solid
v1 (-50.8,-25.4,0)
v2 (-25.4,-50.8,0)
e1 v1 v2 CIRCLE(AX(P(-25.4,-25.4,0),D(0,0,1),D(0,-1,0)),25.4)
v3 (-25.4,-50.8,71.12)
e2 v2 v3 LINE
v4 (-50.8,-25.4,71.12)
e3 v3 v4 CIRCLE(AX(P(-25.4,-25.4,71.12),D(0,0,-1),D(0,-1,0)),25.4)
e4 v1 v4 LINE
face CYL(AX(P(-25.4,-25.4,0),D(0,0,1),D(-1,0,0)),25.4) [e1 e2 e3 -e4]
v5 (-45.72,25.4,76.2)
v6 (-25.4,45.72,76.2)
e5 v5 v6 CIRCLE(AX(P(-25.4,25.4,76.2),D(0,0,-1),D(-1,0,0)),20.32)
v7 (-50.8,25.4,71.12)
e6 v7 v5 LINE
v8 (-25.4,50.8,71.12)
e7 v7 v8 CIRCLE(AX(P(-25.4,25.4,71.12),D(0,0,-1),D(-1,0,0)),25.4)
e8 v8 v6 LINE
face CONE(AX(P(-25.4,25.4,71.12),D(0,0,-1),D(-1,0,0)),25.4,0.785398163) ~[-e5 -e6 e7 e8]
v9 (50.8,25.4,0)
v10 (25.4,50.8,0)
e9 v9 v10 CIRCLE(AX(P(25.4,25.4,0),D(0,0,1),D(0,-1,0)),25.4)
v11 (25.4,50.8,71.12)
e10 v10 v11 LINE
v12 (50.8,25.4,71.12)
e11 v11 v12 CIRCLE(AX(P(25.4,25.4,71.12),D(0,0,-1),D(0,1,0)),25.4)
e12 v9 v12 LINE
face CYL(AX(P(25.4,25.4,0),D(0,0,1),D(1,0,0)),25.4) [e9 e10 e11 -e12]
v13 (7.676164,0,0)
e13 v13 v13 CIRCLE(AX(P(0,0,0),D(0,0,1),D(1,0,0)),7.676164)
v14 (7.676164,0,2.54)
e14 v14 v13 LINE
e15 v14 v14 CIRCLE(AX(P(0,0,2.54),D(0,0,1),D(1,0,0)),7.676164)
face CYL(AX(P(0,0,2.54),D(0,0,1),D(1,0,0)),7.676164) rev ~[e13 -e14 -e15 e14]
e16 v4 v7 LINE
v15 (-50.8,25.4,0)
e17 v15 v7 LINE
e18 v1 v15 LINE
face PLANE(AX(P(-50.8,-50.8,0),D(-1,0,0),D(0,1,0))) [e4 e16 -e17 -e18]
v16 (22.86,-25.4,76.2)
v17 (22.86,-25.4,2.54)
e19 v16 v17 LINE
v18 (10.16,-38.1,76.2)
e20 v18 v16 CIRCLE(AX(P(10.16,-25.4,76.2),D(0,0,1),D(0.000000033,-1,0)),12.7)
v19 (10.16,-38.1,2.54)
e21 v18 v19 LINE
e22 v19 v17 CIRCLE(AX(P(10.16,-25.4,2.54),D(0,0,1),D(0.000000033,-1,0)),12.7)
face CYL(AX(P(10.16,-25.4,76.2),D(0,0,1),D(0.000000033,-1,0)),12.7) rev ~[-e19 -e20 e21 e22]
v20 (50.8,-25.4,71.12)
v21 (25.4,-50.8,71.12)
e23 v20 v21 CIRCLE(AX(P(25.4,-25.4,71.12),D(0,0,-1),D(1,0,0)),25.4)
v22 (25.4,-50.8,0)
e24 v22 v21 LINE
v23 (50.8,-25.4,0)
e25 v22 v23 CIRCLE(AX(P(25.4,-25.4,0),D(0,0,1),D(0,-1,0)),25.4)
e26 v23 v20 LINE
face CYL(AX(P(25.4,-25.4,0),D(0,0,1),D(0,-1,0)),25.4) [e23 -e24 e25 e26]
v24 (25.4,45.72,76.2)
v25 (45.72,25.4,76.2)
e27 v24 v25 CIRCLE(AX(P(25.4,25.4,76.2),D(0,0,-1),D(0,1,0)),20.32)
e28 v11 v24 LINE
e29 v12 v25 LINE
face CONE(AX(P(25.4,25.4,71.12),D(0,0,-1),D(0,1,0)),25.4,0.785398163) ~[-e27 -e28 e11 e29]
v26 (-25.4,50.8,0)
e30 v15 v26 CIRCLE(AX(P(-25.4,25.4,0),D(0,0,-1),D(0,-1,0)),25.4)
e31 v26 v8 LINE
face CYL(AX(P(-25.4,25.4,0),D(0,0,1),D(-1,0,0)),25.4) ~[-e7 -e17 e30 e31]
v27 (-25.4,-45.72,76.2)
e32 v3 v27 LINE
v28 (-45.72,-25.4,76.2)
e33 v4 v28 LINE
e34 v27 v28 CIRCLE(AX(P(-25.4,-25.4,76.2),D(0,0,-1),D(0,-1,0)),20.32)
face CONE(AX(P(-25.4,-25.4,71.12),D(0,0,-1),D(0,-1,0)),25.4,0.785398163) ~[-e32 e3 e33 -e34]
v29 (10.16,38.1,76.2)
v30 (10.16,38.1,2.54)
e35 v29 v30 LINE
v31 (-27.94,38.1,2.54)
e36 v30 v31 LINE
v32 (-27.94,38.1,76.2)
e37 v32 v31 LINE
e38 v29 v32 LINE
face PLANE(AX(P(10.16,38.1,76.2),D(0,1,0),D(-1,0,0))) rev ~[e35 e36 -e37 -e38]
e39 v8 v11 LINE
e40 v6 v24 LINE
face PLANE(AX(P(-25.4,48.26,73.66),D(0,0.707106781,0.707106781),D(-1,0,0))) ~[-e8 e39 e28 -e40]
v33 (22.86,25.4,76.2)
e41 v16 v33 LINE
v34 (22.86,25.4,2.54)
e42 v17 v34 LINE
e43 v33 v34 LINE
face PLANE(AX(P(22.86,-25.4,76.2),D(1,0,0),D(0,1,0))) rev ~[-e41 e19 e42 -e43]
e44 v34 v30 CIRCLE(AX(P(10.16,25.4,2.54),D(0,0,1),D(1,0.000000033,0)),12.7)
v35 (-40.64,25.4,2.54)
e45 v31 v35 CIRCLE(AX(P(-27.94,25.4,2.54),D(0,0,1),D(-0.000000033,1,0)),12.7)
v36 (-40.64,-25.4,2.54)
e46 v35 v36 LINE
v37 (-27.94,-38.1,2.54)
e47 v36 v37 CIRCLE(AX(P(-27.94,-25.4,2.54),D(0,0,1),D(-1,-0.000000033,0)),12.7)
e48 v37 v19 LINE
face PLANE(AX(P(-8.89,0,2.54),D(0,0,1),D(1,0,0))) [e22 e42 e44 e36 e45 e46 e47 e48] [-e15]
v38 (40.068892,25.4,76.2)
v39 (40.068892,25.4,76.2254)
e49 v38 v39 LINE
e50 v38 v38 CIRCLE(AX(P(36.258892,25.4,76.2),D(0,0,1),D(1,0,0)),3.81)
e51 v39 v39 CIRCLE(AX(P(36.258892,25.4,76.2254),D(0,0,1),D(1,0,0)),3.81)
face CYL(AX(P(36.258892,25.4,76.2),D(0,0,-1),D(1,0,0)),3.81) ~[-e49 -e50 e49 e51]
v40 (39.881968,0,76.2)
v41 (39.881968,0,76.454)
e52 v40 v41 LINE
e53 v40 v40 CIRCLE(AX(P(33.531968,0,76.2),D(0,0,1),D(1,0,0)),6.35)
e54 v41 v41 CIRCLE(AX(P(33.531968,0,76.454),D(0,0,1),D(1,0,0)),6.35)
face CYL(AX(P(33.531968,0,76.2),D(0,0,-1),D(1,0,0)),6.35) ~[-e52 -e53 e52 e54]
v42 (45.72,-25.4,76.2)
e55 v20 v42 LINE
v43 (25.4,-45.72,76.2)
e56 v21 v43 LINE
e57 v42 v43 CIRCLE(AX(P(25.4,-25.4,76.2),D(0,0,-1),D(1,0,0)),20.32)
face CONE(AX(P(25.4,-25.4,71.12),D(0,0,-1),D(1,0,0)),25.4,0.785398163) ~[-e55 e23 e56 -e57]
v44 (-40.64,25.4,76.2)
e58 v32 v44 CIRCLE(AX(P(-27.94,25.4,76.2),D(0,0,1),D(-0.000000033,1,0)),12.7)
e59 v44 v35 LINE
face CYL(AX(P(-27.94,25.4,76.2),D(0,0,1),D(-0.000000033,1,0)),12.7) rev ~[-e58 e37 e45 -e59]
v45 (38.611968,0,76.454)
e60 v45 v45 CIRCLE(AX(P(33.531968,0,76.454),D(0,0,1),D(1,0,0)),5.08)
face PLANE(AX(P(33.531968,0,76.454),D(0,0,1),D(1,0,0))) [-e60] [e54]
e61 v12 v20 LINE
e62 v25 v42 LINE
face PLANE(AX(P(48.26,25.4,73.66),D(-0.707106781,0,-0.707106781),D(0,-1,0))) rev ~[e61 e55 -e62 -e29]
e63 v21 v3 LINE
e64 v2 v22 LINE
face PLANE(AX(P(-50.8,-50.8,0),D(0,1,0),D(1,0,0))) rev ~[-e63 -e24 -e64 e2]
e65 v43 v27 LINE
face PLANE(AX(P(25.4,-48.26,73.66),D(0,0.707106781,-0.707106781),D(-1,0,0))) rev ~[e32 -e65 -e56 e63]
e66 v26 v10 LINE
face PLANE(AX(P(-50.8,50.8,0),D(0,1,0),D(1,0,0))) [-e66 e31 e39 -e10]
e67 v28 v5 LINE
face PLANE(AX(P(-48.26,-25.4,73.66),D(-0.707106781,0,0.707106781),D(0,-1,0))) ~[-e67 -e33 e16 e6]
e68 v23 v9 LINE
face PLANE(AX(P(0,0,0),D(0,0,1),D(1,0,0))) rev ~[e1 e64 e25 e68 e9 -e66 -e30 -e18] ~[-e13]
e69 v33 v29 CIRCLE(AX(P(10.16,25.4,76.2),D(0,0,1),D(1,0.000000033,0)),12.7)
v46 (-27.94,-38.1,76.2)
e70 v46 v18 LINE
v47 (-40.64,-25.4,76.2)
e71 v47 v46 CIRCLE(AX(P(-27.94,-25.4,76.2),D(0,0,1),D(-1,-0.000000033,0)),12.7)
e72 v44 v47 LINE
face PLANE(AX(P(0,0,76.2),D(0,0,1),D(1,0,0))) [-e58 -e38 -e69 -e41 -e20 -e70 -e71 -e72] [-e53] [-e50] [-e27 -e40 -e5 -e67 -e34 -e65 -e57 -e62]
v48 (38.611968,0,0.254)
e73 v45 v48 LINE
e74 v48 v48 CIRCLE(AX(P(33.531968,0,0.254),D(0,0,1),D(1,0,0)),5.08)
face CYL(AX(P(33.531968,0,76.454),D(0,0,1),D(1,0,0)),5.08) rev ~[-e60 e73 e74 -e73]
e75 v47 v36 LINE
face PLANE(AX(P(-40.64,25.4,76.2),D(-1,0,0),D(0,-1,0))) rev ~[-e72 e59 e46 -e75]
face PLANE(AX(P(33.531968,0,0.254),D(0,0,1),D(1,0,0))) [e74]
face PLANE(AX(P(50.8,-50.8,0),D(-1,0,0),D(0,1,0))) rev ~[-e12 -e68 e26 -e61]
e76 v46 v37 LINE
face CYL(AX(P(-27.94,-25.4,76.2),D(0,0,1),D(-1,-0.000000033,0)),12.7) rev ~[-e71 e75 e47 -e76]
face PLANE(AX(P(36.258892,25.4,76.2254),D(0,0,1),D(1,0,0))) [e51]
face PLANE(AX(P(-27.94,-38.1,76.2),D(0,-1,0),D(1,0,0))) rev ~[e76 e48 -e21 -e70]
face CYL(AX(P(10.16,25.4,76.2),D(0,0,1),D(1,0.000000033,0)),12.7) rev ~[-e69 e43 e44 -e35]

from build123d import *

# Parameters (mm, degrees)
F0_W      = 101.6
F0_H      = 101.6
F1_DEPTH  = 76.2
F3_R      = 25.4
F4_SIZE   = 5.08
F5_DEPTH  = 73.66
F6_R      = 7.676164
F7_DEPTH  = 25.4
F8_R      = 6.35
F9_DEPTH  = 0.254
F10_R     = 5.08
F11_DEPTH = 76.2
F12_R     = 3.81
F13_DEPTH = 0.0254


with BuildPart() as f1:
    # F0 (on Top) → F1 (new body)
    with BuildSketch(Plane.XY):
        Rectangle(F0_W, F0_H)
    extrude(amount=F1_DEPTH)

    # F3
    f3_edges = [f1.edges().sort_by_distance(p)[0] for p in [
        (-50.8, 50.8, 38.1),
        (50.8, 50.8, 38.1),
        (50.8, -50.8, 38.1),
        (-50.8, -50.8, 38.1),
    ]]
    fillet(f3_edges, radius=F3_R)

    # F4
    f4_edges = [f1.edges().sort_by_distance(p)[0] for p in [
        (-50.8, 0, 76.2),
    ]]
    chamfer(f4_edges, length=F4_SIZE)

    # F2 (on face) → F5 (cut)
    with BuildSketch(Plane.XY.offset(76.2)):
        with BuildLine():
            Line((10.16, 38.1), (-27.94, 38.1))
            ThreePointArc((-27.94, 38.1), (-36.920256, 34.380256), (-40.64, 25.4))
            Line((-40.64, 25.4), (-40.64, -25.4))
            ThreePointArc((-40.64, -25.4), (-36.920256, -34.380256), (-27.94, -38.1))
            Line((-27.94, -38.1), (10.16, -38.1))
            ThreePointArc((10.16, -38.1), (19.140256, -34.380256), (22.86, -25.4))
            Line((22.86, -25.4), (22.86, 25.4))
            ThreePointArc((22.86, 25.4), (19.140256, 34.380256), (10.16, 38.1))
        make_face()
    extrude(amount=-F5_DEPTH, mode=Mode.SUBTRACT)

    # F6 (on face) → F7 (cut)
    with BuildSketch(Plane.XY.offset(2.54)):
        Circle(F6_R)
    extrude(amount=-F7_DEPTH, mode=Mode.SUBTRACT)

    # F8 (on face) → F9 (join)
    with BuildSketch(Plane.XY.offset(76.2)):
        with Locations((33.531968, 0)):
            Circle(F8_R)
    extrude(amount=F9_DEPTH)

    # F10 (on face) → F11 (cut)
    with BuildSketch(Plane.XY.offset(76.454)):
        with Locations((33.531968, 0)):
            Circle(F10_R)
    extrude(amount=-F11_DEPTH, mode=Mode.SUBTRACT)

    # F12 (on face) → F13 (join)
    with BuildSketch(Plane.XY.offset(76.2)):
        with Locations((36.258892, 25.4)):
            Circle(F12_R)
    extrude(amount=F13_DEPTH)


solid = f1.part
